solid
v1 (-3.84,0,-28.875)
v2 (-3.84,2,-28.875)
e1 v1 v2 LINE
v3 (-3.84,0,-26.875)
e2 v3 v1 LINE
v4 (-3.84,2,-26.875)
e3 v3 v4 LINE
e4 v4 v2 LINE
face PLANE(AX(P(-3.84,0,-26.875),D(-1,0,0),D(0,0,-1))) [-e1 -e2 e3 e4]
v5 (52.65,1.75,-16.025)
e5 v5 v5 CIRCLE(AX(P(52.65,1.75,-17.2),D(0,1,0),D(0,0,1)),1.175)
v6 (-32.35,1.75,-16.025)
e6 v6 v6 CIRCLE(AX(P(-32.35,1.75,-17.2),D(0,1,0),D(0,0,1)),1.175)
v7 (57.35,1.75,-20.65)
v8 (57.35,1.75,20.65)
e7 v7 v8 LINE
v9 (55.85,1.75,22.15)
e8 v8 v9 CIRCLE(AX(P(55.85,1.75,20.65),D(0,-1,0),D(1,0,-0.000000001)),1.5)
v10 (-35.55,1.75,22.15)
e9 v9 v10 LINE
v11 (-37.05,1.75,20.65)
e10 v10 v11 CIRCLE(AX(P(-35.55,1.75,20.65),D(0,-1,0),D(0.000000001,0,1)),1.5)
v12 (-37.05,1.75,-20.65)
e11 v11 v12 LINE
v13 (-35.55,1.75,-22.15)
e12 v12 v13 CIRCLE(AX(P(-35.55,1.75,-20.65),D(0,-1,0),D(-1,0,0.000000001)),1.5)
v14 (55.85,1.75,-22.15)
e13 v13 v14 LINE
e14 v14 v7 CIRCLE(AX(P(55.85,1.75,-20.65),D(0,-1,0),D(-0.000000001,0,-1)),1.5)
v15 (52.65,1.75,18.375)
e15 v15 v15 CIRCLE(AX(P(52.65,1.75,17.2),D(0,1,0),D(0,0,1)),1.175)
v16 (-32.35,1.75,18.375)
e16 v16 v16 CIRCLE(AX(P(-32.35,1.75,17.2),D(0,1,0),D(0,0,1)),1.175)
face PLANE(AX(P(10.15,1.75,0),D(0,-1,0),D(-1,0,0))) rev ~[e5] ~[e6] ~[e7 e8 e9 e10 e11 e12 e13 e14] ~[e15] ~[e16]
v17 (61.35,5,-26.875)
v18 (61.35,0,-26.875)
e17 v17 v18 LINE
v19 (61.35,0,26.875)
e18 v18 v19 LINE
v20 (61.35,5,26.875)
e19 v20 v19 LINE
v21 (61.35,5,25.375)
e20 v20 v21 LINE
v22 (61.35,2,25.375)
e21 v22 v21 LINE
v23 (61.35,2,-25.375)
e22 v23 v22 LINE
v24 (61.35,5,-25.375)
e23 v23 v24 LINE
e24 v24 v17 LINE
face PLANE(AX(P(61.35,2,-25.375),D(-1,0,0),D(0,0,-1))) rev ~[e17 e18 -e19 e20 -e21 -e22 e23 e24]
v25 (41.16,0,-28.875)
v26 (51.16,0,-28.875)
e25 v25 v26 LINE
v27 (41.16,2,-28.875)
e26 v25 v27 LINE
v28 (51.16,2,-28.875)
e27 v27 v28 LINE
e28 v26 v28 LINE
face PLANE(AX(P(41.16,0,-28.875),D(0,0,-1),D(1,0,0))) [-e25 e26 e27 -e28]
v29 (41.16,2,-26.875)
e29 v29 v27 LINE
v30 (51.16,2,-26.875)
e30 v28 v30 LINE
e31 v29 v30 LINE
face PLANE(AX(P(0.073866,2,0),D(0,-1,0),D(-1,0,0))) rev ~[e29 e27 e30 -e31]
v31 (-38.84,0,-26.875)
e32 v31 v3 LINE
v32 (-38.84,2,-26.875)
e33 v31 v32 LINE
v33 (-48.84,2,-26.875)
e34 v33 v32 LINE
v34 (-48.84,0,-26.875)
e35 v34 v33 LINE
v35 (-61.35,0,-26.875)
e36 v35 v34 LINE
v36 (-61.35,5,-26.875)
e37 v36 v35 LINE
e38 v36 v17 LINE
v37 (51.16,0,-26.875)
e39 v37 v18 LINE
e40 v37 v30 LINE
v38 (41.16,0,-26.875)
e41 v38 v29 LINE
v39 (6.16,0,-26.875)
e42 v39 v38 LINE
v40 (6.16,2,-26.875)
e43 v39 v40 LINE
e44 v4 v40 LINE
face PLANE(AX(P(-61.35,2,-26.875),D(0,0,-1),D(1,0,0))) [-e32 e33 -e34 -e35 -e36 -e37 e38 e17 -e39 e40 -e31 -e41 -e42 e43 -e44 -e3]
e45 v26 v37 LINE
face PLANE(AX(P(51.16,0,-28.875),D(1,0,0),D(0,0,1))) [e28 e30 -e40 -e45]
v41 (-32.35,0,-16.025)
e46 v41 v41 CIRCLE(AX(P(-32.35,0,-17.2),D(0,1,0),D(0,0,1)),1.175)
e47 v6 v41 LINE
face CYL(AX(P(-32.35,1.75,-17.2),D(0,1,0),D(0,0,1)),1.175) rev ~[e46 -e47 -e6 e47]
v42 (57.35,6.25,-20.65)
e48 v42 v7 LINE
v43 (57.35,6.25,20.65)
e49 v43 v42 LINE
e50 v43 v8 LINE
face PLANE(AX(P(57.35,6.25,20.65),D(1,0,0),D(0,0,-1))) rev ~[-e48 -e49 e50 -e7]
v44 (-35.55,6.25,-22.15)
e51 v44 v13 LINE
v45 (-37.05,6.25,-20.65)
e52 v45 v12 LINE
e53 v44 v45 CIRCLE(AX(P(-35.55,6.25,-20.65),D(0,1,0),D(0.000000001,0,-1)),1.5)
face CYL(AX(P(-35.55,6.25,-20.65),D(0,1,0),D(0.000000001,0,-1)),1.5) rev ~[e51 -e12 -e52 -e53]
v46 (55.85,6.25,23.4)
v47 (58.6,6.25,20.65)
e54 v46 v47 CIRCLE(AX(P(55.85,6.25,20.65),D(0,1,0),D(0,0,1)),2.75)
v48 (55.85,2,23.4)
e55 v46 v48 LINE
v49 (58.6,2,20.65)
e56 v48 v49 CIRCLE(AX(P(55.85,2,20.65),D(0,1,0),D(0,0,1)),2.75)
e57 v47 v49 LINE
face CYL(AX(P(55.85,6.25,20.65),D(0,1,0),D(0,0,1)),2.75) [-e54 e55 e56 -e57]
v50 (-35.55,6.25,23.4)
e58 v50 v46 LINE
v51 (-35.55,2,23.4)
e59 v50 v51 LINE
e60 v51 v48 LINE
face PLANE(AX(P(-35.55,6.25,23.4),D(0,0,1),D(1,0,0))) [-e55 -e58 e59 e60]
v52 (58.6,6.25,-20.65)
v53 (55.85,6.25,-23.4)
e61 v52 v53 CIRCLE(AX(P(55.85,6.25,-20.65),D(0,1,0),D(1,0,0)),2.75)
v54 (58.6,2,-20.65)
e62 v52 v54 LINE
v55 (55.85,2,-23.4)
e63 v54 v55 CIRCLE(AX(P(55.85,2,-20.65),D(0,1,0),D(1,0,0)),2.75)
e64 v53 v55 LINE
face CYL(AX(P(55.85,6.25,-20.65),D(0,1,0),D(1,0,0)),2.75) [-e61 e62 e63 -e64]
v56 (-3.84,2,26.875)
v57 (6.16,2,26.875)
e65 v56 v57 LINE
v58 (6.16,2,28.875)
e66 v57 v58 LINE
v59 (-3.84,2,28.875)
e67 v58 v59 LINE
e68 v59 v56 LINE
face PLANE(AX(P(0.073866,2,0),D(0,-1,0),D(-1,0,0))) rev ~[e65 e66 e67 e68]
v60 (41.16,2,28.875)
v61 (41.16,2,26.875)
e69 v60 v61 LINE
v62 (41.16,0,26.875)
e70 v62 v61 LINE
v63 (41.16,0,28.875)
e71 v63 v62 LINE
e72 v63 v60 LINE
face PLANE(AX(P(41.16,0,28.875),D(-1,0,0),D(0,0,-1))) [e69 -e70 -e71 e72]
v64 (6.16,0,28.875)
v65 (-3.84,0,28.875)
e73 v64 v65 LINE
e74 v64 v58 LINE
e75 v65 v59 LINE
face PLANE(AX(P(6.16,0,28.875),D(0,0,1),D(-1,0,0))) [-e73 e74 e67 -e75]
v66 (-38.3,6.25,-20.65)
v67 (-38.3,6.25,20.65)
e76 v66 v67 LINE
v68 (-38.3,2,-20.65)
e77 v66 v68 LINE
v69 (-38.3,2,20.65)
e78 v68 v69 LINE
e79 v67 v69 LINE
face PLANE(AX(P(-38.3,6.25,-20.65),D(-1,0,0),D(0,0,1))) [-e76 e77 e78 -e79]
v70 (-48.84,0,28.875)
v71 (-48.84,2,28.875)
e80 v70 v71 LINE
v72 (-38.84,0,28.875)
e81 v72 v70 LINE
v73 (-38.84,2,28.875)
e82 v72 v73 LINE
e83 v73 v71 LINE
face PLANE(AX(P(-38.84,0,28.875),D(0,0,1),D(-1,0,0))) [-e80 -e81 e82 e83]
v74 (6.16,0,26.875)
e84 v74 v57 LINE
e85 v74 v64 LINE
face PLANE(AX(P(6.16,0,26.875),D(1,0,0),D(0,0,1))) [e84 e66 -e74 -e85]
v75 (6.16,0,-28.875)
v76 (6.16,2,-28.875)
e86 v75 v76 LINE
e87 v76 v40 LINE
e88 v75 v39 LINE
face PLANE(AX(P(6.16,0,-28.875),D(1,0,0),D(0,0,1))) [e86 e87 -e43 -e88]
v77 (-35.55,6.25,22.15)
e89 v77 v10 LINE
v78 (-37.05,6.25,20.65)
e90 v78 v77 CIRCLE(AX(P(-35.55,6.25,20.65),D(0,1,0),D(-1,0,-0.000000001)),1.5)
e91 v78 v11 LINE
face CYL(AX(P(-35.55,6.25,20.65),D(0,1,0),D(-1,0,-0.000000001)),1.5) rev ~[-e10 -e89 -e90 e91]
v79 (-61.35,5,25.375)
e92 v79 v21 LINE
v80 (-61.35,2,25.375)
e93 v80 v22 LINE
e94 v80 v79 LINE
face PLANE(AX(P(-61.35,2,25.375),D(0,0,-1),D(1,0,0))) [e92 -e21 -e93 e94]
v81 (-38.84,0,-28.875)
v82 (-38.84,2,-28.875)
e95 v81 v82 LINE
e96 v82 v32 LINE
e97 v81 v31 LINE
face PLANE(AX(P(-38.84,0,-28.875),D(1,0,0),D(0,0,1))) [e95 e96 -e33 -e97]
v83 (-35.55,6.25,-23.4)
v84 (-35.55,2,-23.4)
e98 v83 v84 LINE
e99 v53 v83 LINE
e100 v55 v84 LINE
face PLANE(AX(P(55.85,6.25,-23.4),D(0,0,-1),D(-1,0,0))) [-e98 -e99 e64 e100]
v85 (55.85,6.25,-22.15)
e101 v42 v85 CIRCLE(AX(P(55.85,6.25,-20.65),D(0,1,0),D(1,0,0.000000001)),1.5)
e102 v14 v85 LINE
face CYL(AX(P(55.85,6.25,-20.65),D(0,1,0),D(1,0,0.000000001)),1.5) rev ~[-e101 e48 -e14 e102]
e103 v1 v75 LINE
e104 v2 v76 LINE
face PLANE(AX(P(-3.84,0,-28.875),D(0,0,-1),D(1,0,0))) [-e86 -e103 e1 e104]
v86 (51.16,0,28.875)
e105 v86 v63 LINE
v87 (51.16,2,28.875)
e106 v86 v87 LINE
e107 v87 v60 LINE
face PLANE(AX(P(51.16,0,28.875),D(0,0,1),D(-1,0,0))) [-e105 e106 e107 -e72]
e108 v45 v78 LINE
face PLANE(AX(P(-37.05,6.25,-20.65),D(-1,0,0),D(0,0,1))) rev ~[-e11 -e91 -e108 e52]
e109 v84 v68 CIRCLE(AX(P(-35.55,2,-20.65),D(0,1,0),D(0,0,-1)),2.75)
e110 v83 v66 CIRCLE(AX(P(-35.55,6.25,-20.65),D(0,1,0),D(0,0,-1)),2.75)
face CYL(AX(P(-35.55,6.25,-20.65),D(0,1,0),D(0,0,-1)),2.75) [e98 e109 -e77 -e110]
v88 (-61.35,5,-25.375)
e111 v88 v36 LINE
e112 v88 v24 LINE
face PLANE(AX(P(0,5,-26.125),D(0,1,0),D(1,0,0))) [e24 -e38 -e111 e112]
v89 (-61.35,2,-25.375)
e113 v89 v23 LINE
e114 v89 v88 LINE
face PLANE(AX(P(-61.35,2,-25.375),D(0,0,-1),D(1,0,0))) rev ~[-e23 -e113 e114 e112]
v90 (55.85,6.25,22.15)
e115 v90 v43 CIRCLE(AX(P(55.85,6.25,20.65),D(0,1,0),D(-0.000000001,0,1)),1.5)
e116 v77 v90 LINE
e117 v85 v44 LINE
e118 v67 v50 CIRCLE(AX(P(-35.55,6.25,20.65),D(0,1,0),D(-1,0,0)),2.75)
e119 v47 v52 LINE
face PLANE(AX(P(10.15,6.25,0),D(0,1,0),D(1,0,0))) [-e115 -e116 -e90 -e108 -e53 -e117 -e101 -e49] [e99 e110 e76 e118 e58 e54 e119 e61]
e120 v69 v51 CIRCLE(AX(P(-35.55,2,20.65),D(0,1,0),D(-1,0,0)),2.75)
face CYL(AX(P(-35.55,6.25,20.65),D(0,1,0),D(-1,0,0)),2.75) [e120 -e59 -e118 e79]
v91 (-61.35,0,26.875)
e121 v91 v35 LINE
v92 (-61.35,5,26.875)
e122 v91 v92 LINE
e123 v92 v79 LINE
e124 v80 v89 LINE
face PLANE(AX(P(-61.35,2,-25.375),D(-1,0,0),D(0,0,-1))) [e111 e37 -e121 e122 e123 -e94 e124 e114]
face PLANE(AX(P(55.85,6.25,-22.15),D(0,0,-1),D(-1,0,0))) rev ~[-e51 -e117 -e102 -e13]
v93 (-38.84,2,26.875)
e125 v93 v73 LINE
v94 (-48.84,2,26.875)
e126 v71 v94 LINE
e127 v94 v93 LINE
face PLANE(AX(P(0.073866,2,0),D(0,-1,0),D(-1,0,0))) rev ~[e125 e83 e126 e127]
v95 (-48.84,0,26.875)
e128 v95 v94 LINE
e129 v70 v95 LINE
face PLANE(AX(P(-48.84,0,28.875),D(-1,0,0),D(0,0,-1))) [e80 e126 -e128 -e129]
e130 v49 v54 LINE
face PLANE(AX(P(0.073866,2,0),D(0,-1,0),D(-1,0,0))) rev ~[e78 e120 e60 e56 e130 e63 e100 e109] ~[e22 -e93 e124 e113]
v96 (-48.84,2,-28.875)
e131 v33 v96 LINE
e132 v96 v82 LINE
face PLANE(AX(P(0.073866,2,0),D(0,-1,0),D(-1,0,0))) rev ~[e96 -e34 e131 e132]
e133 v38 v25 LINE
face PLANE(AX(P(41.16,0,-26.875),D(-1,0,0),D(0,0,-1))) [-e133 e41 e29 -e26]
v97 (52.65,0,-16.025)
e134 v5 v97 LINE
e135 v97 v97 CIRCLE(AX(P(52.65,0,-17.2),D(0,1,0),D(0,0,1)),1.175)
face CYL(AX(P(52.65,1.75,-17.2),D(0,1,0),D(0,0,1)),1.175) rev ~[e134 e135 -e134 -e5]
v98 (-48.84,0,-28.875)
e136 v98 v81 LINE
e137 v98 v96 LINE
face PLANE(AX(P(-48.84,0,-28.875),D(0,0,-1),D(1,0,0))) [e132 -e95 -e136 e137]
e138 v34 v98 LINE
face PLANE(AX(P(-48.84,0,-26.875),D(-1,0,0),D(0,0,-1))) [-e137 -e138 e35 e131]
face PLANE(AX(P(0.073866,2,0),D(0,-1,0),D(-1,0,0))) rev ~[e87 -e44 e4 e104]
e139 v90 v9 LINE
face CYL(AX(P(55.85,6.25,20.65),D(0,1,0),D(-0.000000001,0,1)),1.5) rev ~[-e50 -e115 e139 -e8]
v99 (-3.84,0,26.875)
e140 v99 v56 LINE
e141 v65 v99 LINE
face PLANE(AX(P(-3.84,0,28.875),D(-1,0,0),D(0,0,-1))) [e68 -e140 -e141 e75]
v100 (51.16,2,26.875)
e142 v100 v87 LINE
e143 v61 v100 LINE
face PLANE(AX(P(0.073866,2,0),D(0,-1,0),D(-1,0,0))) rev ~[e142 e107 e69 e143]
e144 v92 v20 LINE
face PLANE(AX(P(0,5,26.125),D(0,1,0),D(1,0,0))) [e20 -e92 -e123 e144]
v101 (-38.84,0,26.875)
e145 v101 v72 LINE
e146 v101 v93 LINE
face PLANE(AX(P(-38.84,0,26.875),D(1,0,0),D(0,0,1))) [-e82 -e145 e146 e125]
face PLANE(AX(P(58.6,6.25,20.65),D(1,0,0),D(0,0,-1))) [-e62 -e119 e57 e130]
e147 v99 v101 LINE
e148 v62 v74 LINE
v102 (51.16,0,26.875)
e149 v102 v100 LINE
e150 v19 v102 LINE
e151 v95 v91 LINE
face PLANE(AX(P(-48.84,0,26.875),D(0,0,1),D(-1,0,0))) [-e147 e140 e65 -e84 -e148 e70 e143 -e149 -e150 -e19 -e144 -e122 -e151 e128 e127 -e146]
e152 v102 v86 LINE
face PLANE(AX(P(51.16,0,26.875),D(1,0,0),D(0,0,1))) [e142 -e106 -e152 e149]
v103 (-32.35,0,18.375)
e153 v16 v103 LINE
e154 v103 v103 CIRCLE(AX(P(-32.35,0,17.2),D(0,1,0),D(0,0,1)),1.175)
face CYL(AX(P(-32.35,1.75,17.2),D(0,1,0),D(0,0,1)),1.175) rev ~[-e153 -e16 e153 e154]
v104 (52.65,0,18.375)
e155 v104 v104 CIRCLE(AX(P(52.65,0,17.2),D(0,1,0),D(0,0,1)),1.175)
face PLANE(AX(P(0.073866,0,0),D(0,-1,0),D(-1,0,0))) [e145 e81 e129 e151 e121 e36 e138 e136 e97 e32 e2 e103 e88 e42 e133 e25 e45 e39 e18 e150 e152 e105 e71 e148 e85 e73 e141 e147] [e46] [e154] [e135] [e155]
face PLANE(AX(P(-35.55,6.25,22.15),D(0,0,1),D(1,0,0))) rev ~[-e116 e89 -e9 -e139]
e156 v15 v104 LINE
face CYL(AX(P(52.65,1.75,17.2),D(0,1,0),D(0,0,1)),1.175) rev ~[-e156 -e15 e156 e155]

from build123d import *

# Parameters (mm, degrees)
BOSS_EXTRUDE1_DEPTH = 2
SKETCH2_W           = 122.7
SKETCH2_H           = 1.5
BOSS_EXTRUDE2_DEPTH = 3
CUT_EXTRUDE1_DEPTH  = 0.25
BOSS_EXTRUDE3_START = 4.25
BOSS_EXTRUDE3_DEPTH = 4.25
SKETCH5_R           = 1.175
CUT_EXTRUDE2_DEPTH  = 68.954676991


with BuildPart() as part:
    # Sketch1 → Boss-Extrude1 (new body)
    with BuildSketch(Plane(origin=(0, 0, 0), x_dir=(1, 0, 0), z_dir=(0, 1, 0))):
        Polygon((-61.35, 26.875), (-48.84, 26.875), (-48.84, 28.875), (-38.84, 28.875), (-38.84, 26.875), (-3.84, 26.875), (-3.84, 28.875), (6.16, 28.875), (6.16, 26.875), (41.16, 26.875), (41.16, 28.875), (51.16, 28.875), (51.16, 26.875), (61.35, 26.875), (61.35, -26.875), (51.16, -26.875), (51.16, -28.875), (41.16, -28.875), (41.16, -26.875), (6.16, -26.875), (6.16, -28.875), (-3.84, -28.875), (-3.84, -26.875), (-38.84, -26.875), (-38.84, -28.875), (-48.84, -28.875), (-48.84, -26.875), (-61.35, -26.875), align=None)
    extrude(amount=BOSS_EXTRUDE1_DEPTH)

    # Sketch2 → Boss-Extrude2 (add)
    with BuildSketch(Plane(origin=(0, 2, 0), x_dir=(1, 0, 0), z_dir=(0, 1, 0))):
        with Locations((0, 26.125)):
            Rectangle(SKETCH2_W, SKETCH2_H)
        with Locations((0, -26.125)):
            Rectangle(SKETCH2_W, SKETCH2_H)
    extrude(amount=BOSS_EXTRUDE2_DEPTH)

    # Sketch3 → Cut-Extrude1 (cut)
    with BuildSketch(Plane(origin=(0, 2, 0), x_dir=(1, 0, 0), z_dir=(0, 1, 0))):
        with BuildLine():
            Line((-35.55, 22.15), (55.85, 22.15))
            ThreePointArc((55.85, 22.15), (56.910660172, 21.710660172), (57.35, 20.65))
            Line((57.35, 20.65), (57.35, -20.65))
            ThreePointArc((57.35, -20.65), (56.910660172, -21.710660172), (55.85, -22.15))
            Line((55.85, -22.15), (-35.55, -22.15))
            ThreePointArc((-35.55, -22.15), (-36.610660172, -21.710660172), (-37.05, -20.65))
            Line((-37.05, -20.65), (-37.05, 20.65))
            ThreePointArc((-37.05, 20.65), (-36.610660172, 21.710660172), (-35.55, 22.15))
        make_face()
    extrude(amount=-CUT_EXTRUDE1_DEPTH, mode=Mode.SUBTRACT)

    # Sketch4 → Boss-Extrude3 (add)
    with BuildSketch(Plane(origin=(0, 2, 0), x_dir=(1, 0, 0), z_dir=(0, 1, 0)).offset(BOSS_EXTRUDE3_START)):
        with BuildLine():
            Line((55.85, 23.4), (-35.55, 23.4))
            ThreePointArc((-35.55, 23.4), (-37.494543648, 22.594543648), (-38.3, 20.65))
            Line((-38.3, 20.65), (-38.3, -20.65))
            ThreePointArc((-38.3, -20.65), (-37.494543648, -22.594543648), (-35.55, -23.4))
            Line((-35.55, -23.4), (55.85, -23.4))
            ThreePointArc((55.85, -23.4), (57.794543648, -22.594543648), (58.6, -20.65))
            Line((58.6, -20.65), (58.6, 20.65))
            ThreePointArc((58.6, 20.65), (57.794543648, 22.594543648), (55.85, 23.4))
        make_face()
        with BuildLine():
            Line((55.85, 22.15), (-35.55, 22.15))
            ThreePointArc((-35.55, 22.15), (-36.610660172, 21.710660172), (-37.05, 20.65))
            Line((-37.05, 20.65), (-37.05, -20.65))
            ThreePointArc((-37.05, -20.65), (-36.610660172, -21.710660172), (-35.55, -22.15))
            Line((-35.55, -22.15), (55.85, -22.15))
            ThreePointArc((55.85, -22.15), (56.910660172, -21.710660172), (57.35, -20.65))
            Line((57.35, -20.65), (57.35, 20.65))
            ThreePointArc((57.35, 20.65), (56.910660172, 21.710660172), (55.85, 22.15))
        make_face(mode=Mode.SUBTRACT)
    extrude(amount=-BOSS_EXTRUDE3_DEPTH)

    # Sketch5 → Cut-Extrude2 (cut, through all)
    with BuildSketch(Plane(origin=(0, 1.75, 0), x_dir=(1, 0, 0), z_dir=(0, 1, 0))):
        with Locations(Location((-32.35, 17.2, 0), (0, 0, 270))):
            Circle(SKETCH5_R)
        with Locations(Location((52.65, 17.2, 0), (0, 0, 270))):
            Circle(SKETCH5_R)
        with Locations(Location((52.65, -17.2, 0), (0, 0, 270))):
            Circle(SKETCH5_R)
        with Locations(Location((-32.35, -17.2, 0), (0, 0, 270))):
            Circle(SKETCH5_R)
    extrude(amount=-CUT_EXTRUDE2_DEPTH, mode=Mode.SUBTRACT)


solid = part.part
